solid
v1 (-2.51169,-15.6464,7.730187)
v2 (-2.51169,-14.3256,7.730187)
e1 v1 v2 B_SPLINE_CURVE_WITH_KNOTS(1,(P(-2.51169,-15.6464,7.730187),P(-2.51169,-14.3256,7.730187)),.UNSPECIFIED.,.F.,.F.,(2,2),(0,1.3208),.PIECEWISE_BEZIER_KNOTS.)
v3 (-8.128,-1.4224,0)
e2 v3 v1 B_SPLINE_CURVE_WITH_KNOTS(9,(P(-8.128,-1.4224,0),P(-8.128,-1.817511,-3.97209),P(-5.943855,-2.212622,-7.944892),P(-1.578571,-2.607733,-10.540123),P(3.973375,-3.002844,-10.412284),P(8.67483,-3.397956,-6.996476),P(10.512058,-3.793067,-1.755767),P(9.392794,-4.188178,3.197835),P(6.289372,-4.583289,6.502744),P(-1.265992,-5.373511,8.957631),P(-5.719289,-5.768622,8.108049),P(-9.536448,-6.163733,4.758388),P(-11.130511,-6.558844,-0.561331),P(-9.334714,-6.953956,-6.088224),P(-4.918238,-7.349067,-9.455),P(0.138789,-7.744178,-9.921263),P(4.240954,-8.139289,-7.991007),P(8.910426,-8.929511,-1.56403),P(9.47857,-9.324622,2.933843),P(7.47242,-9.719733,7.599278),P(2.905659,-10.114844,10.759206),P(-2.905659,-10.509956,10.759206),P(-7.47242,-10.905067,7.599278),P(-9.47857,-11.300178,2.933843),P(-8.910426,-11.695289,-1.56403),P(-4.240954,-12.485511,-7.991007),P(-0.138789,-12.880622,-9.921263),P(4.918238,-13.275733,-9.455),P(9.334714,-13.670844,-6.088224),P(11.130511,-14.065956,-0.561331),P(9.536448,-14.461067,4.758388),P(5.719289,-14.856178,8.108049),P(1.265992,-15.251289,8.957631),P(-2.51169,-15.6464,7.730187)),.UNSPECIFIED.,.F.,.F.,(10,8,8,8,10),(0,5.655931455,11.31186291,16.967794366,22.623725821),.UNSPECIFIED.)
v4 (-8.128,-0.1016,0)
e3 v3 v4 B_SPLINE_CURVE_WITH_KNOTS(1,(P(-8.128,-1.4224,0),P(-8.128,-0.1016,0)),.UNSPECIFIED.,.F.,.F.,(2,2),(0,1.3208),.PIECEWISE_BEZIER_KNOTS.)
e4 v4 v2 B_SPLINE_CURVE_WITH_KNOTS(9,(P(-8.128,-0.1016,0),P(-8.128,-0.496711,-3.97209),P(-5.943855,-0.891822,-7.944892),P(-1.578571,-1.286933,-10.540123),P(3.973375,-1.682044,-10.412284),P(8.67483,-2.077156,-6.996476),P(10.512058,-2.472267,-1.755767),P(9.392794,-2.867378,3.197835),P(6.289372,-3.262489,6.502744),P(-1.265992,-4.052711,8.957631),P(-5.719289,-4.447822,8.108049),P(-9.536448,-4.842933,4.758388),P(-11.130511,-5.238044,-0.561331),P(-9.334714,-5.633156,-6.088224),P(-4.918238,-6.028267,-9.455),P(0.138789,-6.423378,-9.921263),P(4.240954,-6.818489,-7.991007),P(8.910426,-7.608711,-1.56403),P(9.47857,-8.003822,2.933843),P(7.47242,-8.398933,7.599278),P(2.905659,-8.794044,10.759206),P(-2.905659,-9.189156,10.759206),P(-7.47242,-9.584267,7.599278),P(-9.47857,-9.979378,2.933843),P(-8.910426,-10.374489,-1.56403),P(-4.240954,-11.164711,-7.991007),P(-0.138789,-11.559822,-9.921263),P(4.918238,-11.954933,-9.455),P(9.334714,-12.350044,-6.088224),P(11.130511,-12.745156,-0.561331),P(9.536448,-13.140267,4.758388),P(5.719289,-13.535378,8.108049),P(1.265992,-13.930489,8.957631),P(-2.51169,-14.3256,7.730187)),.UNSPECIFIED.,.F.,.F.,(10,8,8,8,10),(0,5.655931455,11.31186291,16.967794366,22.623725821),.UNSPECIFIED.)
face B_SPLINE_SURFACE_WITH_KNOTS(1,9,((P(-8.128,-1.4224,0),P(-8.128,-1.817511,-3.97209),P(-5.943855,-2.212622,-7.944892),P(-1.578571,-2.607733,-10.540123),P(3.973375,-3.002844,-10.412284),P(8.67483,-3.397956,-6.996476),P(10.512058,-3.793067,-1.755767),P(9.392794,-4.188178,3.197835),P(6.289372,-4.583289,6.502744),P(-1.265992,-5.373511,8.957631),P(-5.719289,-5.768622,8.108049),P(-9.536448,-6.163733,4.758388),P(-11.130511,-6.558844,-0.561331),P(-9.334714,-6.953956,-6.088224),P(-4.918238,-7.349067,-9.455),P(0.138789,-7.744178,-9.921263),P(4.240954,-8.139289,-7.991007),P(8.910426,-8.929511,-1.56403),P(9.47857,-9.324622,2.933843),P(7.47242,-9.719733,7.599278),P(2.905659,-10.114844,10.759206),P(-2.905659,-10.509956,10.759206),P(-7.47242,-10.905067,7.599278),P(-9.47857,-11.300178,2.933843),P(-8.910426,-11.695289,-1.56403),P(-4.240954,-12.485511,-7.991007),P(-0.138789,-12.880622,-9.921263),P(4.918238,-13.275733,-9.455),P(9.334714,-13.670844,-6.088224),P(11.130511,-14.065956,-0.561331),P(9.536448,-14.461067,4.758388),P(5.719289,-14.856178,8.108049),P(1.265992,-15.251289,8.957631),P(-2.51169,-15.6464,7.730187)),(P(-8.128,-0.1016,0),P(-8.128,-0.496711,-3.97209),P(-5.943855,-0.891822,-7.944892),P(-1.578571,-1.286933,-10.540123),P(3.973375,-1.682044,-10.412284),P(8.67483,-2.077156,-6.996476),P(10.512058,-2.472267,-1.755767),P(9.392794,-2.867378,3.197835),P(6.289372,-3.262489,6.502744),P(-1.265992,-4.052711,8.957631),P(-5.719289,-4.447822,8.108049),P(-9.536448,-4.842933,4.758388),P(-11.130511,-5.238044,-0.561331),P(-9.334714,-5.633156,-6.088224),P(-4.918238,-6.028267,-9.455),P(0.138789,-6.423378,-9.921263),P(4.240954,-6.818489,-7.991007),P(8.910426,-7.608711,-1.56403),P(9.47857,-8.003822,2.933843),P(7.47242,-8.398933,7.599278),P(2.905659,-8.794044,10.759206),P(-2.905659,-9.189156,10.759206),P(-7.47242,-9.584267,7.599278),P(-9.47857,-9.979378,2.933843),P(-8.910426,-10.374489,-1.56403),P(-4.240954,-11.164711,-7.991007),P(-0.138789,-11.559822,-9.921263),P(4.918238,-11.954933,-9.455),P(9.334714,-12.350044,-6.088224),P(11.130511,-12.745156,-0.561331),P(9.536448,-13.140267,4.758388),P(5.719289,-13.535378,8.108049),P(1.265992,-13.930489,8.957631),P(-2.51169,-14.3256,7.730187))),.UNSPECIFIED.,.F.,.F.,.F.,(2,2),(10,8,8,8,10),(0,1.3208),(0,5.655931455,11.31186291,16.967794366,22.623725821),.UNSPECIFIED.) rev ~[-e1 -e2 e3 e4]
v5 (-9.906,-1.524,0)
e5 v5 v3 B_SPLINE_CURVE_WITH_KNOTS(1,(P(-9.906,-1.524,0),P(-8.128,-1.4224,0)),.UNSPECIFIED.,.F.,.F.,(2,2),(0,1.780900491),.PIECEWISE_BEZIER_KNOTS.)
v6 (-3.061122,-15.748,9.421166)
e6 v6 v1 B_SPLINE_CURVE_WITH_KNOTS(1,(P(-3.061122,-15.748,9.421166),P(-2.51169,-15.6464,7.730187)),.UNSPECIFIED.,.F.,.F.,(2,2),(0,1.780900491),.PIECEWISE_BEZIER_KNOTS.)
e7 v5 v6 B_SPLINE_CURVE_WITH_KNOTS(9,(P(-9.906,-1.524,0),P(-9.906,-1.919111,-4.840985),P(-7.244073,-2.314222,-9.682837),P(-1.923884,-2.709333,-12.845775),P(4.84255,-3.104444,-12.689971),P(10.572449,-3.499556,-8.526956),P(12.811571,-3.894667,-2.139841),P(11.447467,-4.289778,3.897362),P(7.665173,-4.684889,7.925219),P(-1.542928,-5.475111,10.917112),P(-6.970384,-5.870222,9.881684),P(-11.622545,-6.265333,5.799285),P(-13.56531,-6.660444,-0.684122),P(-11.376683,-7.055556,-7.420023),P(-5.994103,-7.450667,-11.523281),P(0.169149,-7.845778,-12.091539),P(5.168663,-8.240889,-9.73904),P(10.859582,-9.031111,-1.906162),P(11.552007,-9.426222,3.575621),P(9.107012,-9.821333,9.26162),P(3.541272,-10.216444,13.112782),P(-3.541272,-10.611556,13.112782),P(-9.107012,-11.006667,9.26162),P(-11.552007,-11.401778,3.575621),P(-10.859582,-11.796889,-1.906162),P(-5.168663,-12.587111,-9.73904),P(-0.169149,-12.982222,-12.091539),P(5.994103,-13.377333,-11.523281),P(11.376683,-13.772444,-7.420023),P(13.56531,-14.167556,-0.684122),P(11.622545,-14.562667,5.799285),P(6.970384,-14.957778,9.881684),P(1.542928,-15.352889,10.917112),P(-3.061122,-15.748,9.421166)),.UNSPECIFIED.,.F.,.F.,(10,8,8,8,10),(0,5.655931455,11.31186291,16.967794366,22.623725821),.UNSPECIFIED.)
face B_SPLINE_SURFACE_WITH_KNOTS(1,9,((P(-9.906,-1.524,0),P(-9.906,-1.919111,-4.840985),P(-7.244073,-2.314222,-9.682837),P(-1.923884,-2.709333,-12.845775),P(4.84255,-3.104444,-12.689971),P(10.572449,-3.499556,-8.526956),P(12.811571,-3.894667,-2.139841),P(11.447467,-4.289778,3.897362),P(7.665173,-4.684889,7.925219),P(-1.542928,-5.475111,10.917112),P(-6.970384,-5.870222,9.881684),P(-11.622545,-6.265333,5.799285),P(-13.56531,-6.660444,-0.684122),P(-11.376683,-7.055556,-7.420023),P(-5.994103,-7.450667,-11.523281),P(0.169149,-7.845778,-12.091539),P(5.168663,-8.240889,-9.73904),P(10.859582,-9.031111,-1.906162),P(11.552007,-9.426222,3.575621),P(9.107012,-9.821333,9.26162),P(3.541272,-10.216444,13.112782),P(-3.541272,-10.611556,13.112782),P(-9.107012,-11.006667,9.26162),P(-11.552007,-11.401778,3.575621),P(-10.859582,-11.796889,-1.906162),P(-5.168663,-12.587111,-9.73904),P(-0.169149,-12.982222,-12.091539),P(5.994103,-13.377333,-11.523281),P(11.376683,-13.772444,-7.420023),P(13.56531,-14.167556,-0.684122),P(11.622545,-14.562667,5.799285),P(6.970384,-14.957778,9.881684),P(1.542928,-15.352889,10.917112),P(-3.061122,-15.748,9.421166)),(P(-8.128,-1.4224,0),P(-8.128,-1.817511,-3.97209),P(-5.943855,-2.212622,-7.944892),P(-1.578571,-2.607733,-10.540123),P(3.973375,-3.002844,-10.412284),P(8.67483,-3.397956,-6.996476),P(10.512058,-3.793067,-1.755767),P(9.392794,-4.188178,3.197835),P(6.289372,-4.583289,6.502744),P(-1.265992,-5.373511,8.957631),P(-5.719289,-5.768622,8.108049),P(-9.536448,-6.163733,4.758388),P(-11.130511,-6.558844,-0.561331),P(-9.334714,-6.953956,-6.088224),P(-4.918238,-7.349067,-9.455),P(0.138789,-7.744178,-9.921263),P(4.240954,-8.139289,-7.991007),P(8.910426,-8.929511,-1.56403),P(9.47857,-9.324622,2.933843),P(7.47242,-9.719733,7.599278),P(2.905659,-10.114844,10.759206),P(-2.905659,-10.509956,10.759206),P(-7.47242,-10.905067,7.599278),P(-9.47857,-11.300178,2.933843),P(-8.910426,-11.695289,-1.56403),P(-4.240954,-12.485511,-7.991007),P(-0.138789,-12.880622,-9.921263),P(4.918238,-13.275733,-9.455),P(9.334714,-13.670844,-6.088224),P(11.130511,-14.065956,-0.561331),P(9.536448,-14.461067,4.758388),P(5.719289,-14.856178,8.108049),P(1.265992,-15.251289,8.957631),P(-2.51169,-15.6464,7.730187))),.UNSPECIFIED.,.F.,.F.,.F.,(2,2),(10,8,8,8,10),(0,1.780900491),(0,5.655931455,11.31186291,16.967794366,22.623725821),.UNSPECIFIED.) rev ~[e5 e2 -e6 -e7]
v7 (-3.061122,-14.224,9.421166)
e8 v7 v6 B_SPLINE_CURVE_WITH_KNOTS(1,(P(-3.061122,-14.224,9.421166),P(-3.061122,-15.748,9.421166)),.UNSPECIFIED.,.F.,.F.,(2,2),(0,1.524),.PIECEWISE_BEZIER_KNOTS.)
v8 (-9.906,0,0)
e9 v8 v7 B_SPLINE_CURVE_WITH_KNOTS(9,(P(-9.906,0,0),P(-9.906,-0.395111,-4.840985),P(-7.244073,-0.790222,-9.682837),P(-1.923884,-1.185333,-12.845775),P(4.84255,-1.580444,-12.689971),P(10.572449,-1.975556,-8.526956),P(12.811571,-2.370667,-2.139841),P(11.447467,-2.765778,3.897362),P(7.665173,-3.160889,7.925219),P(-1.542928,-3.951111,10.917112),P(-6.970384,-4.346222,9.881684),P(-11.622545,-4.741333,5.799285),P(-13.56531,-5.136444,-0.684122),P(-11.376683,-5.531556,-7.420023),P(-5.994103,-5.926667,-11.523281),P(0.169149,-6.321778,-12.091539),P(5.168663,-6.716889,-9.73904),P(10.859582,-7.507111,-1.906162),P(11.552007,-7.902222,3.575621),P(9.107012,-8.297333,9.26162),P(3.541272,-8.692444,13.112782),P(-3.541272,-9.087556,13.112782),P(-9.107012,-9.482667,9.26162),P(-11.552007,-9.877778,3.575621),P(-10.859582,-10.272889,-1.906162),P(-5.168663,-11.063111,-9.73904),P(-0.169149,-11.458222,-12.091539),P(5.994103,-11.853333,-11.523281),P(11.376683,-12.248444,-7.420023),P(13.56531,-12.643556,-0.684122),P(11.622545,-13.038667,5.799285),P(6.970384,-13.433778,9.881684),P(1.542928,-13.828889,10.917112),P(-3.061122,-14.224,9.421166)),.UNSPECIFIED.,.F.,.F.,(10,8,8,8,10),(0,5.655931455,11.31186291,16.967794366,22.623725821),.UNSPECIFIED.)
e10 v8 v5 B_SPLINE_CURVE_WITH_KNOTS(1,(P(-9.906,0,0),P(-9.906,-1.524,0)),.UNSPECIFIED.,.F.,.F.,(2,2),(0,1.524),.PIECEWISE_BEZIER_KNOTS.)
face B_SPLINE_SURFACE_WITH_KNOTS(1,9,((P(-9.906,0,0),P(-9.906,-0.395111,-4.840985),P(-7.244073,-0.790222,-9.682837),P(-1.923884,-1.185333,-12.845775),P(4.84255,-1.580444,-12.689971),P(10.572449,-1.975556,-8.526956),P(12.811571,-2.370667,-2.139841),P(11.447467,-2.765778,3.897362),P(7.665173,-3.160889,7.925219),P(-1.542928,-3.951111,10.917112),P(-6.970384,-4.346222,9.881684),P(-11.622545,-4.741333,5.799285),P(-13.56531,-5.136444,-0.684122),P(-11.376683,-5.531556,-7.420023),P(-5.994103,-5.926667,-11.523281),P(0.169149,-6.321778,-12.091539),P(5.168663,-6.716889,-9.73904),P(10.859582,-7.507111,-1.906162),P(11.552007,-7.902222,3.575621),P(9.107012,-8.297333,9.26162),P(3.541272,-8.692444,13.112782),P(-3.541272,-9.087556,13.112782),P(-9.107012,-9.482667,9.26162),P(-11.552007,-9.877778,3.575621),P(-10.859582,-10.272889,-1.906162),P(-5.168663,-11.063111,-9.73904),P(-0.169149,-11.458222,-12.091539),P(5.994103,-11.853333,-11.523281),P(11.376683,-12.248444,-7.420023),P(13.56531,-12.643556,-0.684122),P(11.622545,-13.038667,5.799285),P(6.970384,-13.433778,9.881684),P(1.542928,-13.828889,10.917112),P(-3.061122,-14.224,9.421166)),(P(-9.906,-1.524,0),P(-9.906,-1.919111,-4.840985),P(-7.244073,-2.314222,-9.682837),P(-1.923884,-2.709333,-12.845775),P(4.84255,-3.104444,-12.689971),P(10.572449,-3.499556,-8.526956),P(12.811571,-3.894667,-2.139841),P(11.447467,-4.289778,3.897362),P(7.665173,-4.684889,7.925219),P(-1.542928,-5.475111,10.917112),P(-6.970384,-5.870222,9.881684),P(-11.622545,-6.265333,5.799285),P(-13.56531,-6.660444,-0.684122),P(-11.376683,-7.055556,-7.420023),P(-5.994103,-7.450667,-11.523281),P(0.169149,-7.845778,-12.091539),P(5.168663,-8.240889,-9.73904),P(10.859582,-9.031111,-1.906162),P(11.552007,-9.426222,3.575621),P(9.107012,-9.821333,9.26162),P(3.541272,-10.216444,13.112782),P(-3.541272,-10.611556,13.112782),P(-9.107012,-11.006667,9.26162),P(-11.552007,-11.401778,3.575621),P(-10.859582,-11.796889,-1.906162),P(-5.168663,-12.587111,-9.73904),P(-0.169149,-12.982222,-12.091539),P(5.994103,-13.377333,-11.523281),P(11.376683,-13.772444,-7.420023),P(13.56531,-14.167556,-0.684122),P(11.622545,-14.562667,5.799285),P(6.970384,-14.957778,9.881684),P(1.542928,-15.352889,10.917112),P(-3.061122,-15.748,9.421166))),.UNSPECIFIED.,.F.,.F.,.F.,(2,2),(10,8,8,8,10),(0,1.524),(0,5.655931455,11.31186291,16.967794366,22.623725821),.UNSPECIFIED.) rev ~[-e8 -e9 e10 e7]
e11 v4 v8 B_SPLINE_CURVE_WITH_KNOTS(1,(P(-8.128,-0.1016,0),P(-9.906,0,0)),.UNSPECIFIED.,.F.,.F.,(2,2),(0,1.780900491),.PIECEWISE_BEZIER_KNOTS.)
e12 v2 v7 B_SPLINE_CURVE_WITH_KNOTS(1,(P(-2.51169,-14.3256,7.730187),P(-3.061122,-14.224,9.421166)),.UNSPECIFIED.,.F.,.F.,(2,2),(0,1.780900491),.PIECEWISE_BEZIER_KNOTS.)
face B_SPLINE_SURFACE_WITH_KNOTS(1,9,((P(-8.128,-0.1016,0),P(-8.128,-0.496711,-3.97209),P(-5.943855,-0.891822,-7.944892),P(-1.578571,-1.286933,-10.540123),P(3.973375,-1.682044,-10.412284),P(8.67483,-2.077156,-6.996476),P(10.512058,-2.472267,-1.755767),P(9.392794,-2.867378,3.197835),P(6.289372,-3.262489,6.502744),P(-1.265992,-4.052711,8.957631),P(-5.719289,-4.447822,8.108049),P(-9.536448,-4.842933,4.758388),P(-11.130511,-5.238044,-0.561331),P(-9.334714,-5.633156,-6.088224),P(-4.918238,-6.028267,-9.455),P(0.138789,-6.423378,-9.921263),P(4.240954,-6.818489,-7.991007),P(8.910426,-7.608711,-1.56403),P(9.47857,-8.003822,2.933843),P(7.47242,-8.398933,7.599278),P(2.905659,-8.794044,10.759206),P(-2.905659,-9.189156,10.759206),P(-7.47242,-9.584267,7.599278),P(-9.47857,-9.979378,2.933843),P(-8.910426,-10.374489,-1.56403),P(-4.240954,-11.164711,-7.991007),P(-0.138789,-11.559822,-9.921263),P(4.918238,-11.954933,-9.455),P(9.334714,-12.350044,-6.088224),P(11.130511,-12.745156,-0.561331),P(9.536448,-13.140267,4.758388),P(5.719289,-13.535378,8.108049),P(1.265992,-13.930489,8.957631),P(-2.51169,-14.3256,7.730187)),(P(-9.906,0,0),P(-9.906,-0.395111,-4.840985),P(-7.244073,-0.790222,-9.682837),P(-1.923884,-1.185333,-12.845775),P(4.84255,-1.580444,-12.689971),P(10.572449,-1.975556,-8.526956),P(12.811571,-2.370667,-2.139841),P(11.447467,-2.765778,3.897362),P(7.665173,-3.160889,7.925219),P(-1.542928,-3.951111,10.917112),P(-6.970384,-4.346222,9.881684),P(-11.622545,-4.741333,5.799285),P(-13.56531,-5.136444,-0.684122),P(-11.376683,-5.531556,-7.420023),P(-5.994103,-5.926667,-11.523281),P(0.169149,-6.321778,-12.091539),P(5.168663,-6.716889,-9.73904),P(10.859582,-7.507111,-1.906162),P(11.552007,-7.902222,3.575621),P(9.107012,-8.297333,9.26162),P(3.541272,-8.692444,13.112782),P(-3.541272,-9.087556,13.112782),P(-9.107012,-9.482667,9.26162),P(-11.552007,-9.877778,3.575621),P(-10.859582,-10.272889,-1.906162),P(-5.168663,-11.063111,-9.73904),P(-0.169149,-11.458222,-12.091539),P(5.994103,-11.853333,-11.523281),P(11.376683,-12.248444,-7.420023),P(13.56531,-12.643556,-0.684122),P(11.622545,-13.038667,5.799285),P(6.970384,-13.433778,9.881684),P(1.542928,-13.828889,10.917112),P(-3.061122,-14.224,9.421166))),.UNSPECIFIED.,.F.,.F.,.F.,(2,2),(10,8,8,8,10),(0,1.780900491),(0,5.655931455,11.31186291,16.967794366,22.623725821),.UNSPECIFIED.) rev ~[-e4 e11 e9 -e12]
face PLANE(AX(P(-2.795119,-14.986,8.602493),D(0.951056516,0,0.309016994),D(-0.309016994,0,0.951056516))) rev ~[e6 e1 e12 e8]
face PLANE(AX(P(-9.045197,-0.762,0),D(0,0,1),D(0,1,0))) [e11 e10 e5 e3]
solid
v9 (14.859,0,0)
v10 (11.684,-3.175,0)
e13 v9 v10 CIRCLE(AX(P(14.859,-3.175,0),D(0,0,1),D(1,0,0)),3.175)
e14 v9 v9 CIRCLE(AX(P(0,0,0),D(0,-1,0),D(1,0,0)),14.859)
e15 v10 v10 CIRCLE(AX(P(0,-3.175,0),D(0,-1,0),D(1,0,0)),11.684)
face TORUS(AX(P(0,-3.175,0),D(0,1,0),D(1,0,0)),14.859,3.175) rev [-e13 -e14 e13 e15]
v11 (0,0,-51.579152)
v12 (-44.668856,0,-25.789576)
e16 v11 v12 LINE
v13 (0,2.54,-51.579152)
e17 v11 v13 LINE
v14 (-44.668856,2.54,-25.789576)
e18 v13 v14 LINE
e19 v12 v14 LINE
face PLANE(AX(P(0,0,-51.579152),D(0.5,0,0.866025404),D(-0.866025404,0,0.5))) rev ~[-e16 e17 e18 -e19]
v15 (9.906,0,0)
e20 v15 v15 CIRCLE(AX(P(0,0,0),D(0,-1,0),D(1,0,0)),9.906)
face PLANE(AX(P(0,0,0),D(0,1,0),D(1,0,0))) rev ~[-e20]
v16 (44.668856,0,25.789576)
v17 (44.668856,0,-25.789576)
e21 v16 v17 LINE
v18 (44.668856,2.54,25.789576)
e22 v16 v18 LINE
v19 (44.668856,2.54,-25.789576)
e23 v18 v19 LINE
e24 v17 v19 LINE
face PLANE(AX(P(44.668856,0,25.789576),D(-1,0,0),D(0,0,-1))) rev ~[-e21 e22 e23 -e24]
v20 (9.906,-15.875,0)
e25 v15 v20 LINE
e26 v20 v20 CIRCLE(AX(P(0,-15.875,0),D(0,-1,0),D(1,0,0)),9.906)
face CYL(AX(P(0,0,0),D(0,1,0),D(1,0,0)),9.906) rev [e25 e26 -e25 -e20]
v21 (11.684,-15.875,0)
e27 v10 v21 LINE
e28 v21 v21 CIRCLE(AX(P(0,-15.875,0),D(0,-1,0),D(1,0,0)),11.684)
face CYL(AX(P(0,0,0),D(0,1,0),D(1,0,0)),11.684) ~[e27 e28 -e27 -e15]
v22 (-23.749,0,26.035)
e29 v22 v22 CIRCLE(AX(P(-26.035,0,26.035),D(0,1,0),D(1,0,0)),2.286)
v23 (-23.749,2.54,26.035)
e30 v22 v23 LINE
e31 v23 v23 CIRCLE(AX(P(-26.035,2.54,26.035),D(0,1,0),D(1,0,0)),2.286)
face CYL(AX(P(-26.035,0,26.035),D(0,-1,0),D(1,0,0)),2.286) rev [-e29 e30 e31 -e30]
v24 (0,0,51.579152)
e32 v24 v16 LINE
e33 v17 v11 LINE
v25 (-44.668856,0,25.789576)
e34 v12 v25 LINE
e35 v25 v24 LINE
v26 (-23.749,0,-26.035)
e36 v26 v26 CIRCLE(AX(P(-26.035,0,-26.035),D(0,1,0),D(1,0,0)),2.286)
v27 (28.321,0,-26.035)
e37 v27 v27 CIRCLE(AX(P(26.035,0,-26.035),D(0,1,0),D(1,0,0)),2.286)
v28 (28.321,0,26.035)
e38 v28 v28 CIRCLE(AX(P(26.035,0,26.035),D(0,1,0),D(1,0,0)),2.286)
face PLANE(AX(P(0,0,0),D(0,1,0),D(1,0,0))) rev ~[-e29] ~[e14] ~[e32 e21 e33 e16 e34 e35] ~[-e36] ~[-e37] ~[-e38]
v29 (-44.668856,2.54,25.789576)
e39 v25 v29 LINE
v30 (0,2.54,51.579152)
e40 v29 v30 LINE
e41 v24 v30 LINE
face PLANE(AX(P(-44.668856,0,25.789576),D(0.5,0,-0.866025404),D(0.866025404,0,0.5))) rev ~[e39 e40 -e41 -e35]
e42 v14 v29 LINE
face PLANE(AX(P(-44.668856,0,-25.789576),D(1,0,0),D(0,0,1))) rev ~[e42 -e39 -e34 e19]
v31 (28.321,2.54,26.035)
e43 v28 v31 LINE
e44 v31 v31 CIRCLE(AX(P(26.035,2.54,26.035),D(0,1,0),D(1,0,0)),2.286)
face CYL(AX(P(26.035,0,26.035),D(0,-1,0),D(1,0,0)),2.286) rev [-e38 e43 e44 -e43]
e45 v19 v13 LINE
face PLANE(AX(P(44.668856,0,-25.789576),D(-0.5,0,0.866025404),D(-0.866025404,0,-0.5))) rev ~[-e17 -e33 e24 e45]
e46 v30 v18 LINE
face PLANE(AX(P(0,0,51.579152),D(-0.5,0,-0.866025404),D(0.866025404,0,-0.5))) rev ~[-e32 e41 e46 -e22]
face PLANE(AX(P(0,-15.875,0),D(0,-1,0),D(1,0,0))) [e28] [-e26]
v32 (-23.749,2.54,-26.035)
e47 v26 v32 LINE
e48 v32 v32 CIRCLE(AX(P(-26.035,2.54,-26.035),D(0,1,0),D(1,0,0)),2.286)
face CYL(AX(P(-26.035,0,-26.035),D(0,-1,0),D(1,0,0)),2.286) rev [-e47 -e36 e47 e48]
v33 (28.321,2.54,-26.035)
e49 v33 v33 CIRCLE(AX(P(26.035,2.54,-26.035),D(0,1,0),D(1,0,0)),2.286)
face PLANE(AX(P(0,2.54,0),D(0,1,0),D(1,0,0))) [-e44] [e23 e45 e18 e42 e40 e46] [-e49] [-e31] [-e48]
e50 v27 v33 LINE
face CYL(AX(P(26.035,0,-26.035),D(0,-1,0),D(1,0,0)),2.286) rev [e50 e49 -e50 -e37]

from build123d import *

# Parameters (mm, degrees)
SKETCH1_R           = 2.286
BOSS_EXTRUDE1_DEPTH = 2.54
SKETCH2_R           = 11.684
SKETCH2_R_2         = 9.906
BOSS_EXTRUDE2_DEPTH = 15.875
FILLET1_R           = 3.175
SWEEP2_PITCH        = 5.08
SWEEP2_HEIGHT       = 14.224
SWEEP2_RADIUS       = 9.906
SWEEP2_START_ANGLE  = -90


with BuildPart() as part:
    # Sketch1 → Boss-Extrude1 (new body)
    with BuildSketch(Plane(origin=(0, 0, 0), x_dir=(1, 0, 0), z_dir=(0, 1, 0))):
        Polygon((0, 51.579152228), (-44.668856135, 25.789576114), (-44.668856135, -25.789576114), (0, -51.579152228), (44.668856135, -25.789576114), (44.668856135, 25.789576114), align=None)
        with Locations((-26.035, 26.035)):
            Circle(SKETCH1_R, mode=Mode.SUBTRACT)
        with Locations((26.035, 26.035)):
            Circle(SKETCH1_R, mode=Mode.SUBTRACT)
        with Locations((26.035, -26.035)):
            Circle(SKETCH1_R, mode=Mode.SUBTRACT)
        with Locations((-26.035, -26.035)):
            Circle(SKETCH1_R, mode=Mode.SUBTRACT)
    extrude(amount=BOSS_EXTRUDE1_DEPTH)

    # Sketch2 → Boss-Extrude2 (add)
    with BuildSketch(Plane.XZ):
        Circle(SKETCH2_R)
        Circle(SKETCH2_R_2, mode=Mode.SUBTRACT)
    extrude(amount=BOSS_EXTRUDE2_DEPTH)

    # Fillet1
    fillet1_edges = [part.edges().sort_by_distance(p)[0] for p in [
        (-11.684, 0, 0),
    ]]
    fillet(fillet1_edges, radius=FILLET1_R)


with BuildPart() as body_2:
    # Sweep2: sweep along a helix
    with BuildLine() as sweep2_path:
        add(Helix(SWEEP2_PITCH, SWEEP2_HEIGHT, SWEEP2_RADIUS, center=(0, 0, 0), direction=(0, -1, 0), mode=Mode.PRIVATE).rotate(Axis((0, 0, 0), (0, -1, 0)), SWEEP2_START_ANGLE))
    # Sketch4 → Sweep2 (sweep)
    with BuildSketch(Plane.XY):
        Polygon((-9.906, -1.524), (-8.128, -1.4224), (-8.128, -0.1016), (-9.906, 0), align=None)
    sweep(path=sweep2_path.line, is_frenet=True)


solid = Compound([part.part, body_2.part])
